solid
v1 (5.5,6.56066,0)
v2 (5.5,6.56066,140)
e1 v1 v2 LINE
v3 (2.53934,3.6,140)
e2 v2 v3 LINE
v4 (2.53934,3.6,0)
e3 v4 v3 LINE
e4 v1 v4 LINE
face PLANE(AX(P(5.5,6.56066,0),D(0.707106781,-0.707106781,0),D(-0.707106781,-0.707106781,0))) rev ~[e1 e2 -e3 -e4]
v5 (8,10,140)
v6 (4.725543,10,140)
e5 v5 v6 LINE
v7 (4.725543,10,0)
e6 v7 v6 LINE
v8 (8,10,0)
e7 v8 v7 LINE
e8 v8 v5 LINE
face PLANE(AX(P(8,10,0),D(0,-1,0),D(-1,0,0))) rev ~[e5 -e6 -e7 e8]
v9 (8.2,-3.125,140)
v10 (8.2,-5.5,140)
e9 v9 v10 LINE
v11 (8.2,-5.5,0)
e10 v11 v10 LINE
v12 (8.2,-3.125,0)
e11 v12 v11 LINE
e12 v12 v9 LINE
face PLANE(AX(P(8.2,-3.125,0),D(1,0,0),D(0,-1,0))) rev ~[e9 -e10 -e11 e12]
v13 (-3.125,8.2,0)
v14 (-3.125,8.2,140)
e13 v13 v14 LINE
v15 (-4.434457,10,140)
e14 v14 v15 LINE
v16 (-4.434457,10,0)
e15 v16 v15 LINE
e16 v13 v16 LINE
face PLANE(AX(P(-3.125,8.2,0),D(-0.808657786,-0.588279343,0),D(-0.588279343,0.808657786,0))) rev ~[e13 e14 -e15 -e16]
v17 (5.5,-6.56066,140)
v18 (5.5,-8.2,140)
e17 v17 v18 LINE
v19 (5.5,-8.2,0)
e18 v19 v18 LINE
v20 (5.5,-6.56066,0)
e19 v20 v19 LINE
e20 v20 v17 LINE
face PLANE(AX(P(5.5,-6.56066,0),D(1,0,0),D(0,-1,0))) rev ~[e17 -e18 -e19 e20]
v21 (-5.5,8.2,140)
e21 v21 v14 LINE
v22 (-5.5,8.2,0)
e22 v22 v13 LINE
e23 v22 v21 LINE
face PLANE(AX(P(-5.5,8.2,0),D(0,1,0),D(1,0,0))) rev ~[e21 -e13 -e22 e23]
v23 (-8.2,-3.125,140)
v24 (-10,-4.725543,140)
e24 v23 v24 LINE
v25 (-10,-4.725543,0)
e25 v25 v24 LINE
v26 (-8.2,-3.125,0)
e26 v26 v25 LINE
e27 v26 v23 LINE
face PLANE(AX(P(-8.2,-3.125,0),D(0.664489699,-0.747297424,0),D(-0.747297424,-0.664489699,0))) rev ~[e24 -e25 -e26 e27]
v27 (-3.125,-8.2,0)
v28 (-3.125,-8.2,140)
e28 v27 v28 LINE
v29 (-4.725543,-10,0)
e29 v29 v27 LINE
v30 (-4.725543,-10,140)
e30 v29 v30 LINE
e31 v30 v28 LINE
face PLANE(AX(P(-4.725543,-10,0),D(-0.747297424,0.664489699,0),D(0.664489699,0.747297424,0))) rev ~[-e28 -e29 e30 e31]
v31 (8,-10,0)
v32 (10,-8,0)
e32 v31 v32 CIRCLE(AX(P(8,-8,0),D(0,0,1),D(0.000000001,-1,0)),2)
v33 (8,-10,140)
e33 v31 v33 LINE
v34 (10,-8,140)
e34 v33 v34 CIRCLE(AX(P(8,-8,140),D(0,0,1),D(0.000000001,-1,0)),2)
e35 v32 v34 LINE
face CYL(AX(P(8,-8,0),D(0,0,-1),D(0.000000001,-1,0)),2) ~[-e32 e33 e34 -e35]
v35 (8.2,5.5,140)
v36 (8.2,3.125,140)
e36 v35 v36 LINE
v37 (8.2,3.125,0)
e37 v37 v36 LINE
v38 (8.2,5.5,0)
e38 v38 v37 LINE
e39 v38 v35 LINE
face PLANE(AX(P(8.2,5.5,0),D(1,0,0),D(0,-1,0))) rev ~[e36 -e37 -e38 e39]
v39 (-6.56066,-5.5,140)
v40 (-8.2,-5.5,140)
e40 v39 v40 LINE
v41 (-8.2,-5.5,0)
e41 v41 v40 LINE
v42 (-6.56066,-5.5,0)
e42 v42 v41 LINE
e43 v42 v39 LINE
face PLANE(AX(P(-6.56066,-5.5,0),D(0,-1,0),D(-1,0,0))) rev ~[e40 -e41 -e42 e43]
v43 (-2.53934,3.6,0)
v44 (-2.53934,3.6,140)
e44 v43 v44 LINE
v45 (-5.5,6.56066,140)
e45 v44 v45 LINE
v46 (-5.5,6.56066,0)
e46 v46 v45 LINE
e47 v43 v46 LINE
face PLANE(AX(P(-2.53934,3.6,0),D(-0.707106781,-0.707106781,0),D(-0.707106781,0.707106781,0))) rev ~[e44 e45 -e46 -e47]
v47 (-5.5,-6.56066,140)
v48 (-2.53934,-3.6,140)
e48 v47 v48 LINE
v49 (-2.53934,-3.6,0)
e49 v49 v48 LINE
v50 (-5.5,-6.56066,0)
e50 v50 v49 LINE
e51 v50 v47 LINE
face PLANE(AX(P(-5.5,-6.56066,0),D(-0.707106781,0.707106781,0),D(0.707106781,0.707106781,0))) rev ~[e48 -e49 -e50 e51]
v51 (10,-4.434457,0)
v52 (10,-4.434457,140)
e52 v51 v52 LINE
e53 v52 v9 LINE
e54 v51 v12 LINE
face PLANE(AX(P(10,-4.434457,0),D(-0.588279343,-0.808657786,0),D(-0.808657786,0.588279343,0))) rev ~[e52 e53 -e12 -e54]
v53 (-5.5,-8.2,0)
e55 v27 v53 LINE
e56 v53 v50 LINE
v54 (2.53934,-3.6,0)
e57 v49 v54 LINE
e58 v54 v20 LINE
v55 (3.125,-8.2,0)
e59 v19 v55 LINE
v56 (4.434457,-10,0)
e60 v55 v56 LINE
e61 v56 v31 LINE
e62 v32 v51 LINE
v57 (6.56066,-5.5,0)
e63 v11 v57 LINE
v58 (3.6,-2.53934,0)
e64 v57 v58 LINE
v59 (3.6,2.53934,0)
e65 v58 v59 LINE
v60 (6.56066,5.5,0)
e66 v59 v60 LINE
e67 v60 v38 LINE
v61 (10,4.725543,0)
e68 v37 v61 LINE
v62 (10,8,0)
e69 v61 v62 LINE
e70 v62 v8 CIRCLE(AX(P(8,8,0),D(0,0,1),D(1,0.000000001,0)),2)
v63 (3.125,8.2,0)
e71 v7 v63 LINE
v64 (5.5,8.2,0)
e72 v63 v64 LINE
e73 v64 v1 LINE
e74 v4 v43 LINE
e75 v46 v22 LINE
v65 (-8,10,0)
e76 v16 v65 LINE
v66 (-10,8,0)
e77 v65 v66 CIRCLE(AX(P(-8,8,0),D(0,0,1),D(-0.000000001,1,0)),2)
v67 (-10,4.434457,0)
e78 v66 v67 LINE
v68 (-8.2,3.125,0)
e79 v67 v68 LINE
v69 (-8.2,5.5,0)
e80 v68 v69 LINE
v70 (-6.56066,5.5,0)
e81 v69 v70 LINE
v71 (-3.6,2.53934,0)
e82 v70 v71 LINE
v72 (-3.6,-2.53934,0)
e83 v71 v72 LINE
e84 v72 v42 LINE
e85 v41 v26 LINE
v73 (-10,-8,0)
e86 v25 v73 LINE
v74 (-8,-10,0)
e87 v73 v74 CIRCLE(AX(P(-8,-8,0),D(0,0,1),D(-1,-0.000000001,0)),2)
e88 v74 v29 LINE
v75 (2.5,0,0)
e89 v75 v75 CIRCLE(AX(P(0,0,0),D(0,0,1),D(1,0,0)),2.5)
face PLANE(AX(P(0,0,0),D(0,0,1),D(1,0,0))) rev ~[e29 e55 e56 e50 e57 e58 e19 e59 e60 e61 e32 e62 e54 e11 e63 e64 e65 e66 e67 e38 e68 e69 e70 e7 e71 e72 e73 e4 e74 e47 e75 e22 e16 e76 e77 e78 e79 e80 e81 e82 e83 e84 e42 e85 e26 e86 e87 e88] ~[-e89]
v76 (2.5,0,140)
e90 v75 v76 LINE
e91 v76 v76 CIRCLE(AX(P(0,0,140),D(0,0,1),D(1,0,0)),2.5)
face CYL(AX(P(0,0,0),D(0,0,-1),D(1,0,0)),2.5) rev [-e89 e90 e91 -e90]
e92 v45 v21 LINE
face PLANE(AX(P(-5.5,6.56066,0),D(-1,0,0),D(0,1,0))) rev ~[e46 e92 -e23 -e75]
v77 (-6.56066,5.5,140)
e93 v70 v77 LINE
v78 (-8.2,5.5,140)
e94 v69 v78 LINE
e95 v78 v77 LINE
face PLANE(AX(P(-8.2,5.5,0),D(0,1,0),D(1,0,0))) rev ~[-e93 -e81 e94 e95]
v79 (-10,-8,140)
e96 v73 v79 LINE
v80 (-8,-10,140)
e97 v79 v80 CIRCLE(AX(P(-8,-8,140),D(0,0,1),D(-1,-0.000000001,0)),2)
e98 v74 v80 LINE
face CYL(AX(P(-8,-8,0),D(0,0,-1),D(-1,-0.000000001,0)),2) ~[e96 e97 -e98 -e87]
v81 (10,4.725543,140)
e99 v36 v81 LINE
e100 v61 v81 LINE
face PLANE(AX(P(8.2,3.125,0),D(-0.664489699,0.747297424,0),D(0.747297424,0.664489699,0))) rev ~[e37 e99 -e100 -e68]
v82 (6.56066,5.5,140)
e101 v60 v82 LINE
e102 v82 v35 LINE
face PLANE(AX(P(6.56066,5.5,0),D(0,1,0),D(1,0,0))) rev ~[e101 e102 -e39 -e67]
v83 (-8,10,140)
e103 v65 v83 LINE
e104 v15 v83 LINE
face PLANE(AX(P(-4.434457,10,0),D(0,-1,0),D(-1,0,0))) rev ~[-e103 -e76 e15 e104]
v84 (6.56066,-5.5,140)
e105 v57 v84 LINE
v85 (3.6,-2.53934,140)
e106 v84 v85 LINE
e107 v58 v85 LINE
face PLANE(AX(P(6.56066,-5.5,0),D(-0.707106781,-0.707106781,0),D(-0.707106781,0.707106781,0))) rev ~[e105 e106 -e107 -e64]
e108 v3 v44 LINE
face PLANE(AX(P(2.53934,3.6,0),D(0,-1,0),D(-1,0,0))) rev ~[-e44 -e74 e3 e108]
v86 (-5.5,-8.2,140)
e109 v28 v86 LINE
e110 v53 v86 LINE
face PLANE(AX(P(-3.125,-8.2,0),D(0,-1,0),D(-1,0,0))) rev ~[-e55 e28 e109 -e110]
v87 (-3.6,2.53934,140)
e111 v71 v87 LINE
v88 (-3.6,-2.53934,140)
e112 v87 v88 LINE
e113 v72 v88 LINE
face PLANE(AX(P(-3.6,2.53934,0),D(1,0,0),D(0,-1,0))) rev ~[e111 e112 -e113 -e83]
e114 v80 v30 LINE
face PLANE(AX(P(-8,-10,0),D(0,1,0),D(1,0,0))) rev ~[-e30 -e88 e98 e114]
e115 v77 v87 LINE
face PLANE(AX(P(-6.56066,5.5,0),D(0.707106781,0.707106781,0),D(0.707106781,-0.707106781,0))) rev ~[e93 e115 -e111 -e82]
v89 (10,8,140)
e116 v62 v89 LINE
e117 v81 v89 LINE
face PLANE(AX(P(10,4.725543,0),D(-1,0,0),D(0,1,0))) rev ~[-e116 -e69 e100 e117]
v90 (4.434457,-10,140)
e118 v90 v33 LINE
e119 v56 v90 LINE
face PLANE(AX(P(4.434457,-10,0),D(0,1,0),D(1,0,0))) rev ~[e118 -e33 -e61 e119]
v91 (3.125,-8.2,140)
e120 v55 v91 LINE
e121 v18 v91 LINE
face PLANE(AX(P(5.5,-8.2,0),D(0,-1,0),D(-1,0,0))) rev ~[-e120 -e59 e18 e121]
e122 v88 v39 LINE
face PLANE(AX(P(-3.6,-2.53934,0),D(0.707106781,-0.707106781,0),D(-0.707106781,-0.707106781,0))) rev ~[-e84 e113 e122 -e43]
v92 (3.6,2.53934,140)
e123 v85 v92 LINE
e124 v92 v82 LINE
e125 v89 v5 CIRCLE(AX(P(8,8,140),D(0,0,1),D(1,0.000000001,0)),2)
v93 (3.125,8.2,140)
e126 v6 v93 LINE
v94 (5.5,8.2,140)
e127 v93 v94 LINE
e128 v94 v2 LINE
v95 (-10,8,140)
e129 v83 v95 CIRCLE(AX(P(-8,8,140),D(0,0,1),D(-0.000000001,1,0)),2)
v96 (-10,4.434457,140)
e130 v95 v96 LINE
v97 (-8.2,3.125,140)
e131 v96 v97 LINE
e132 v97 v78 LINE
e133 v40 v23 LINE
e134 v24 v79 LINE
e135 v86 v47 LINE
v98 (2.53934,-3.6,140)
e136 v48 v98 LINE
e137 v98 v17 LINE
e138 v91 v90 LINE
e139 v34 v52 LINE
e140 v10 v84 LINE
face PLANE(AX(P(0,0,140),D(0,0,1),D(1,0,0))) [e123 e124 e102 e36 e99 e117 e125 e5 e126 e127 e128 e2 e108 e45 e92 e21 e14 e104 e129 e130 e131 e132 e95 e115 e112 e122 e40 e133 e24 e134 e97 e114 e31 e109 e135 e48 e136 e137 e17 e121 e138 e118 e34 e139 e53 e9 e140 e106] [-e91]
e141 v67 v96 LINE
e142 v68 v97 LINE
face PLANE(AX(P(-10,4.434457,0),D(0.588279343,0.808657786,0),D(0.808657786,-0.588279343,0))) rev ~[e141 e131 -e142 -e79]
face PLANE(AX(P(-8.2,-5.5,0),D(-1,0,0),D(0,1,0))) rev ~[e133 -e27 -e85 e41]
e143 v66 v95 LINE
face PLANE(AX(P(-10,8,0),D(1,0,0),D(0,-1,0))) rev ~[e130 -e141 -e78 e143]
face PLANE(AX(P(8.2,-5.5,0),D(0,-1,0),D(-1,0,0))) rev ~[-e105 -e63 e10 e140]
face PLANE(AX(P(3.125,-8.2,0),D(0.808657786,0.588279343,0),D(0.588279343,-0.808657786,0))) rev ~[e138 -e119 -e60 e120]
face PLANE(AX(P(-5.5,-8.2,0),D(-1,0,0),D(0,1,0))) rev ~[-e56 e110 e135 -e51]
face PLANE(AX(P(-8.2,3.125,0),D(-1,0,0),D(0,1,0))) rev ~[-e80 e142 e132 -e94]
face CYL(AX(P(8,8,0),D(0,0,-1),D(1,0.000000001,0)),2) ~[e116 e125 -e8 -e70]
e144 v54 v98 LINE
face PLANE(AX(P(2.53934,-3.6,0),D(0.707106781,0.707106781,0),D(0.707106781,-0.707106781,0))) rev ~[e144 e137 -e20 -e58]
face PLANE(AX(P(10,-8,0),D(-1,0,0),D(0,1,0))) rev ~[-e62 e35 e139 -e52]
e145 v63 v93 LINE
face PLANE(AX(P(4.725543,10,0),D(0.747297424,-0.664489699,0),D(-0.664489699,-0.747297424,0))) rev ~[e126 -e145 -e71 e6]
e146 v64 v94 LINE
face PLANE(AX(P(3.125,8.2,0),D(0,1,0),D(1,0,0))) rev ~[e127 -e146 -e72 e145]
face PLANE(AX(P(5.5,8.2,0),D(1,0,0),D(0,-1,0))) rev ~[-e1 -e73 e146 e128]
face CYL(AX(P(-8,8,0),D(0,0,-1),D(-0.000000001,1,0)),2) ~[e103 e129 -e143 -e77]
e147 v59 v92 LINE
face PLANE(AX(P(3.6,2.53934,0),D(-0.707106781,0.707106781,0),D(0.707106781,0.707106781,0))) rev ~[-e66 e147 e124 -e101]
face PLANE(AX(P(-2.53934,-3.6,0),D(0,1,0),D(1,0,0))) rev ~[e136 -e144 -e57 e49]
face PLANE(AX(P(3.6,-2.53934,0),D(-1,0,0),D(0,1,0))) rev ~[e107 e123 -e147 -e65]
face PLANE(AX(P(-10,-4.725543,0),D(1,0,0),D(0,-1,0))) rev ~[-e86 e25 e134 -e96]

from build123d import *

# Parameters (mm, degrees)
SKETCH1_R           = 2.5
BOSS_EXTRUDE1_DEPTH = 140


with BuildPart() as part:
    # Sketch1 → Boss-Extrude1 (new body)
    with BuildSketch(Plane.XY):
        with BuildLine():
            Line((-4.725542729, -10), (-3.125, -8.2))
            Line((-3.125, -8.2), (-5.5, -8.2))
            Line((-5.5, -8.2), (-5.5, -6.560660172))
            Line((-5.5, -6.560660172), (-2.539339828, -3.6))
            Line((-2.539339828, -3.6), (2.539339828, -3.6))
            Line((2.539339828, -3.6), (5.5, -6.560660172))
            Line((5.5, -6.560660172), (5.5, -8.2))
            Line((5.5, -8.2), (3.125, -8.2))
            Line((3.125, -8.2), (4.434457271, -10))
            Line((4.434457271, -10), (8, -10))
            ThreePointArc((8, -10), (9.414213562, -9.414213562), (10, -8))
            Line((10, -8), (10, -4.434457271))
            Line((10, -4.434457271), (8.2, -3.125))
            Line((8.2, -3.125), (8.2, -5.5))
            Line((8.2, -5.5), (6.560660172, -5.5))
            Line((6.560660172, -5.5), (3.6, -2.539339828))
            Line((3.6, -2.539339828), (3.6, 2.539339828))
            Line((3.6, 2.539339828), (6.560660172, 5.5))
            Line((6.560660172, 5.5), (8.2, 5.5))
            Line((8.2, 5.5), (8.2, 3.125))
            Line((8.2, 3.125), (10, 4.725542729))
            Line((10, 4.725542729), (10, 8))
            ThreePointArc((10, 8), (9.414213562, 9.414213562), (8, 10))
            Line((8, 10), (4.725542729, 10))
            Line((4.725542729, 10), (3.125, 8.2))
            Line((3.125, 8.2), (5.5, 8.2))
            Line((5.5, 8.2), (5.5, 6.560660172))
            Line((5.5, 6.560660172), (2.539339828, 3.6))
            Line((2.539339828, 3.6), (-2.539339828, 3.6))
            Line((-2.539339828, 3.6), (-5.5, 6.560660172))
            Line((-5.5, 6.560660172), (-5.5, 8.2))
            Line((-5.5, 8.2), (-3.125, 8.2))
            Line((-3.125, 8.2), (-4.434457271, 10))
            Line((-4.434457271, 10), (-8, 10))
            ThreePointArc((-8, 10), (-9.414213562, 9.414213562), (-10, 8))
            Line((-10, 8), (-10, 4.434457271))
            Line((-10, 4.434457271), (-8.2, 3.125))
            Line((-8.2, 3.125), (-8.2, 5.5))
            Line((-8.2, 5.5), (-6.560660172, 5.5))
            Line((-6.560660172, 5.5), (-3.6, 2.539339828))
            Line((-3.6, 2.539339828), (-3.6, -2.539339828))
            Line((-3.6, -2.539339828), (-6.560660172, -5.5))
            Line((-6.560660172, -5.5), (-8.2, -5.5))
            Line((-8.2, -5.5), (-8.2, -3.125))
            Line((-8.2, -3.125), (-10, -4.725542729))
            Line((-10, -4.725542729), (-10, -8))
            ThreePointArc((-10, -8), (-9.414213562, -9.414213562), (-8, -10))
            Line((-8, -10), (-4.725542729, -10))
        make_face()
        Circle(SKETCH1_R, mode=Mode.SUBTRACT)
    extrude(amount=BOSS_EXTRUDE1_DEPTH)


solid = part.part
